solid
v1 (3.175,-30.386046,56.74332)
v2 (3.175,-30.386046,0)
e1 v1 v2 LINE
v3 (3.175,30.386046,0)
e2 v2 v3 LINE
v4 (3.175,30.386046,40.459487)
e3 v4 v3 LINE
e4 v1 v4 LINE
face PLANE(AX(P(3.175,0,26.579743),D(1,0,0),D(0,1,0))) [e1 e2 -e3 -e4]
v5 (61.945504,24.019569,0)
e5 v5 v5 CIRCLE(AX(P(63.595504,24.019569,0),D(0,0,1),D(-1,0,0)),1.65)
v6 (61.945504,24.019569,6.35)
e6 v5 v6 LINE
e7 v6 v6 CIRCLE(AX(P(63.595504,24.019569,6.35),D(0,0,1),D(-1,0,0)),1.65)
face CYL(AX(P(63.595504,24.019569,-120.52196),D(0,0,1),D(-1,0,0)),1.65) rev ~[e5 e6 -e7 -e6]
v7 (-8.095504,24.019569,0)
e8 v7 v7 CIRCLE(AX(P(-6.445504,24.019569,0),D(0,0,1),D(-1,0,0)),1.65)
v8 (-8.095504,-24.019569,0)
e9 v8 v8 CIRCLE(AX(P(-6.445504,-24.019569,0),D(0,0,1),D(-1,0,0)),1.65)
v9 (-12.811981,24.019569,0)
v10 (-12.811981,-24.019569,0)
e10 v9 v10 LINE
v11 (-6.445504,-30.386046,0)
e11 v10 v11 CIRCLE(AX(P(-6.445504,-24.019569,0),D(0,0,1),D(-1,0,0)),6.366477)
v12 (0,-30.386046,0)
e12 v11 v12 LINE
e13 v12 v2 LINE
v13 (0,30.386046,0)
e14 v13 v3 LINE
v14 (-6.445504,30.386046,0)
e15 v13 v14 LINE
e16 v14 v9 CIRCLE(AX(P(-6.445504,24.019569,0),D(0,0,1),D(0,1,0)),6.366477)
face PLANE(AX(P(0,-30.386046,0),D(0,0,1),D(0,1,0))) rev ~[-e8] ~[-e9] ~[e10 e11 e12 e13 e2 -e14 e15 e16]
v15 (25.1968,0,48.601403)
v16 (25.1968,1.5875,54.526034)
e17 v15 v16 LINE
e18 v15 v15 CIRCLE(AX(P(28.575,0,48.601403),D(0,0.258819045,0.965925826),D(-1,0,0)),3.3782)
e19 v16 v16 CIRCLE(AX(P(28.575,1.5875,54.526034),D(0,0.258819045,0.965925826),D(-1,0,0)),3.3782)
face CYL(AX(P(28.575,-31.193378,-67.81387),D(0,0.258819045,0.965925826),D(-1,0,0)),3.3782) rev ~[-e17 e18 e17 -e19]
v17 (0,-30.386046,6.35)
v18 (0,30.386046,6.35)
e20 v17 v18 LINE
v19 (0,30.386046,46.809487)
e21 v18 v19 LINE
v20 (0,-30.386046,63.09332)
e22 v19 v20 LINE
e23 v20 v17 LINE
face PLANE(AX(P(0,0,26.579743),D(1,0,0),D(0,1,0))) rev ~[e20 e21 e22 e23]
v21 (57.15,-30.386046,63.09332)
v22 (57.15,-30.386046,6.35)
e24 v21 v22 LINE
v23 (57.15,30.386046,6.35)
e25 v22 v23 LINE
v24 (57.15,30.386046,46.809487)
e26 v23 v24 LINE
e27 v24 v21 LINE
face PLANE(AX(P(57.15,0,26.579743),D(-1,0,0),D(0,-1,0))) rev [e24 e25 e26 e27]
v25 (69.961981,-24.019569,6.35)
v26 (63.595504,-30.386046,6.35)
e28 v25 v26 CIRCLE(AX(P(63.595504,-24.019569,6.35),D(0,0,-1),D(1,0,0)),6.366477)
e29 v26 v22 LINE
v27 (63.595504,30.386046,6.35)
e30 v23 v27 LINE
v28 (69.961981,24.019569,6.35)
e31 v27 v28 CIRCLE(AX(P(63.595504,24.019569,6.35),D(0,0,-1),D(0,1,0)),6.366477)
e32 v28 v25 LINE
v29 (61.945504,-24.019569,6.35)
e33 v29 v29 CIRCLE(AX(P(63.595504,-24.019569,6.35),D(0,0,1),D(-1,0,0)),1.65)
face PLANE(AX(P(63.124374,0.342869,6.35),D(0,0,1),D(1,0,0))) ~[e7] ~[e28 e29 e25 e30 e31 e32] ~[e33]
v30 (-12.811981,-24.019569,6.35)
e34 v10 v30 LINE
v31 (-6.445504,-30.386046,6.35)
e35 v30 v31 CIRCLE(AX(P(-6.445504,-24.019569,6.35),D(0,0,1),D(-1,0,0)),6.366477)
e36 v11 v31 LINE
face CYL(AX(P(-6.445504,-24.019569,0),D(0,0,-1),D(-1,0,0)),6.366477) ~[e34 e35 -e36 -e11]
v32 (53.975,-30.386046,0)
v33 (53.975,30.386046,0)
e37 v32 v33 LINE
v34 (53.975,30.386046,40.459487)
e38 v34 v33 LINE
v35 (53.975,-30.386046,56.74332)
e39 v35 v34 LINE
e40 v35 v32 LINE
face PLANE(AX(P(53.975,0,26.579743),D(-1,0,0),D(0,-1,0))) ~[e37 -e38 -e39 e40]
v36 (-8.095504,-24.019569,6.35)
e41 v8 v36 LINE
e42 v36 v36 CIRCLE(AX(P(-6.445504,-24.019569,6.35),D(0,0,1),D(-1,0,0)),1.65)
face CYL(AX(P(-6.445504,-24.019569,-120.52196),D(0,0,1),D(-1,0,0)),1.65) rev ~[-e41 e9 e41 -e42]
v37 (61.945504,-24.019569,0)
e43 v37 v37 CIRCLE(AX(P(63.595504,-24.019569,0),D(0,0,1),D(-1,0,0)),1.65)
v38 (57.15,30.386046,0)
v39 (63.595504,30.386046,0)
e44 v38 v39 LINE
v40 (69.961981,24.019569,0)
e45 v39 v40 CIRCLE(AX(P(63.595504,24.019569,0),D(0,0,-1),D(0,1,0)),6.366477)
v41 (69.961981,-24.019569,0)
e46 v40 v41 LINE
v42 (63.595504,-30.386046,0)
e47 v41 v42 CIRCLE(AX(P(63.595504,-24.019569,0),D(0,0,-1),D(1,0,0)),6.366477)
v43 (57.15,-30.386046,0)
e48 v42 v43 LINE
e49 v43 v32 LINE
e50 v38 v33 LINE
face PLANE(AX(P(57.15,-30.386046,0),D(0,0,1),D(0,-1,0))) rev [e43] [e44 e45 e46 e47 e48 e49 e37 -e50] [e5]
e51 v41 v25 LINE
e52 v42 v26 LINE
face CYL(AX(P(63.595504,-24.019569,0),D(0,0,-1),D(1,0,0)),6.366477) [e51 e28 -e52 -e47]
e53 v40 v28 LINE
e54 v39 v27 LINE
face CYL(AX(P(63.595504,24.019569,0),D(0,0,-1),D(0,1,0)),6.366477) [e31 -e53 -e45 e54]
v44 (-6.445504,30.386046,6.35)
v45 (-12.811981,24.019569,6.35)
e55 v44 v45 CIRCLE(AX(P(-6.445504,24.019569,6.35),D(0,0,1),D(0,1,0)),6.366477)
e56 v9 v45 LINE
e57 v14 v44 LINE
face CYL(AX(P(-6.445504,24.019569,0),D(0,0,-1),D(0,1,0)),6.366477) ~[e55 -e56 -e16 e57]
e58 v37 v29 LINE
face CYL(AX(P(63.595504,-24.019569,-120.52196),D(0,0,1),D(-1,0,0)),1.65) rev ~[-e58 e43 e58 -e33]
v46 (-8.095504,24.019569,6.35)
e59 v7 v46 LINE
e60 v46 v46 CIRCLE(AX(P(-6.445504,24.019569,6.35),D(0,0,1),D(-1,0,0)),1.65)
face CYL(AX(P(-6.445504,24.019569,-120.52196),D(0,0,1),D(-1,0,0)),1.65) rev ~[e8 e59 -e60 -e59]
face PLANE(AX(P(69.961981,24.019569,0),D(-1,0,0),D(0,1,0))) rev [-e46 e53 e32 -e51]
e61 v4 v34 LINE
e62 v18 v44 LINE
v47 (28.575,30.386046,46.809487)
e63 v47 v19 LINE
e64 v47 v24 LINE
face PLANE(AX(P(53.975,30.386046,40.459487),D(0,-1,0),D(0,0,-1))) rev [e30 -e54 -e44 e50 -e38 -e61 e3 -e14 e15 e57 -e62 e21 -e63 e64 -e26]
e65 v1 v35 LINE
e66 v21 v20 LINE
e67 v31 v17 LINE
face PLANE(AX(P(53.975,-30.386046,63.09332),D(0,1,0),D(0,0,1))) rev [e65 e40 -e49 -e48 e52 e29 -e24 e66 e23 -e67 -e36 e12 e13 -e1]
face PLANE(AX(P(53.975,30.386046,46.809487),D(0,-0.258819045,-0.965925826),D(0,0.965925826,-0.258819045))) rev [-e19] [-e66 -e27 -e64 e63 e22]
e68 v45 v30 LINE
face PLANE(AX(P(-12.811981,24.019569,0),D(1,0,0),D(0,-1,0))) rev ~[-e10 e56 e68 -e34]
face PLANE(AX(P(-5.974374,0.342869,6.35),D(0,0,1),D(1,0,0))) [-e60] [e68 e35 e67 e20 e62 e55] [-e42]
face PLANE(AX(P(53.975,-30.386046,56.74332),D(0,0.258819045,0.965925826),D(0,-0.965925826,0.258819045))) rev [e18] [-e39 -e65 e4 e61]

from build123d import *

# Parameters (mm, degrees)
F1_DEPTH  = 6.35
F2_W      = 60.7720911503
F2_H      = 40.4594867892
F1_FACE_W = 60.7720911503
F1_FACE_H = 6.35
F3_DEPTH  = 3.175
F5_DEPTH  = 25.4
F8_D      = 6.7564
F10_D     = 3.3


with BuildPart() as f1:
    # F0 (on Top) → F1 (new body)
    with BuildSketch(Plane.XY):
        with BuildLine():
            Line((0, -30.3860455751), (0, 0))
            Line((0, 0), (0, 30.3860455751))
            Line((0, 30.3860455751), (-6.4455037937, 30.3860455751))
            Line((-6.4455037937, 30.3860455751), (-6.4455037937, 24.0195686368))
            Line((-6.4455037937, 24.0195686368), (-12.811980732, 24.0195686368))
            Line((-12.811980732, 24.0195686368), (-12.811980732, 0))
            Line((-12.811980732, 0), (-12.811980732, -24.0195686368))
            ThreePointArc((-12.811980732, -24.0195686368), (-10.947282809, -28.5213476522), (-6.4455037937, -30.3860455751))
            Line((-6.4455037937, -30.3860455751), (0, -30.3860455751))
        make_face()
        with BuildLine():
            Line((-6.4455037937, 24.0195686368), (-6.4455037937, 30.3860455751))
            ThreePointArc((-6.4455037937, 30.3860455751), (-10.947282809, 28.5213476522), (-12.811980732, 24.0195686368))
            Line((-12.811980732, 24.0195686368), (-6.4455037937, 24.0195686368))
        make_face()
    extrude(amount=F1_DEPTH)

    # F2 (on Right) + F1_face (on face) → F3 (join)
    with BuildSketch(Plane.YZ):
        with Locations((0, 26.5797433946)):
            Rectangle(F2_W, F2_H)
        Polygon((-30.3860455751, 63.0933195353), (-30.3860455751, 46.8094867892), (30.3860455751, 46.8094867892), align=None)
    with BuildSketch(Plane(origin=(0, 0, 3.175), x_dir=(0, 1, 0), z_dir=(1, 0, 0))):
        Rectangle(F1_FACE_W, F1_FACE_H)
    extrude(amount=F3_DEPTH)

    # F4 (on face) → F5 (join)
    with BuildSketch(Plane.YZ.offset(3.175)):
        Polygon((-30.3860455751, 63.0933195353), (-30.3860455751, 56.7433195353), (30.3860455751, 40.4594867892), (30.3860455751, 46.8094867892), align=None)
    extrude(amount=F5_DEPTH)

    # F6: F1 across face


with BuildPart() as f1_1:
    add(f1.part)
    add(f1.part.mirror(Plane(origin=(28.575, 0, 51.7764031622), x_dir=(0, 1, 0), z_dir=(1, 0, 0))))

    # F8 (through all)
    with Locations(Plane(origin=(0, 12.1503507906, 45.3457264801), x_dir=(1, 0, 0), z_dir=(0, -0.2588190451, -0.9659258263))):
        with Locations((28.575, 12.5789687571)):
            Hole(F8_D / 2)

    # F10 (through all)
    with Locations(Plane(origin=(0, 0, 0), x_dir=(1, 0, 0), z_dir=(0, 0, -1))):
        with Locations((-6.4455037937, 24.0195686368), (-6.4455037937, -24.0195686368), (63.5955037937, -24.0195686368), (63.5955037937, 24.0195686368)):
            Hole(F10_D / 2)


solid = f1_1.part
